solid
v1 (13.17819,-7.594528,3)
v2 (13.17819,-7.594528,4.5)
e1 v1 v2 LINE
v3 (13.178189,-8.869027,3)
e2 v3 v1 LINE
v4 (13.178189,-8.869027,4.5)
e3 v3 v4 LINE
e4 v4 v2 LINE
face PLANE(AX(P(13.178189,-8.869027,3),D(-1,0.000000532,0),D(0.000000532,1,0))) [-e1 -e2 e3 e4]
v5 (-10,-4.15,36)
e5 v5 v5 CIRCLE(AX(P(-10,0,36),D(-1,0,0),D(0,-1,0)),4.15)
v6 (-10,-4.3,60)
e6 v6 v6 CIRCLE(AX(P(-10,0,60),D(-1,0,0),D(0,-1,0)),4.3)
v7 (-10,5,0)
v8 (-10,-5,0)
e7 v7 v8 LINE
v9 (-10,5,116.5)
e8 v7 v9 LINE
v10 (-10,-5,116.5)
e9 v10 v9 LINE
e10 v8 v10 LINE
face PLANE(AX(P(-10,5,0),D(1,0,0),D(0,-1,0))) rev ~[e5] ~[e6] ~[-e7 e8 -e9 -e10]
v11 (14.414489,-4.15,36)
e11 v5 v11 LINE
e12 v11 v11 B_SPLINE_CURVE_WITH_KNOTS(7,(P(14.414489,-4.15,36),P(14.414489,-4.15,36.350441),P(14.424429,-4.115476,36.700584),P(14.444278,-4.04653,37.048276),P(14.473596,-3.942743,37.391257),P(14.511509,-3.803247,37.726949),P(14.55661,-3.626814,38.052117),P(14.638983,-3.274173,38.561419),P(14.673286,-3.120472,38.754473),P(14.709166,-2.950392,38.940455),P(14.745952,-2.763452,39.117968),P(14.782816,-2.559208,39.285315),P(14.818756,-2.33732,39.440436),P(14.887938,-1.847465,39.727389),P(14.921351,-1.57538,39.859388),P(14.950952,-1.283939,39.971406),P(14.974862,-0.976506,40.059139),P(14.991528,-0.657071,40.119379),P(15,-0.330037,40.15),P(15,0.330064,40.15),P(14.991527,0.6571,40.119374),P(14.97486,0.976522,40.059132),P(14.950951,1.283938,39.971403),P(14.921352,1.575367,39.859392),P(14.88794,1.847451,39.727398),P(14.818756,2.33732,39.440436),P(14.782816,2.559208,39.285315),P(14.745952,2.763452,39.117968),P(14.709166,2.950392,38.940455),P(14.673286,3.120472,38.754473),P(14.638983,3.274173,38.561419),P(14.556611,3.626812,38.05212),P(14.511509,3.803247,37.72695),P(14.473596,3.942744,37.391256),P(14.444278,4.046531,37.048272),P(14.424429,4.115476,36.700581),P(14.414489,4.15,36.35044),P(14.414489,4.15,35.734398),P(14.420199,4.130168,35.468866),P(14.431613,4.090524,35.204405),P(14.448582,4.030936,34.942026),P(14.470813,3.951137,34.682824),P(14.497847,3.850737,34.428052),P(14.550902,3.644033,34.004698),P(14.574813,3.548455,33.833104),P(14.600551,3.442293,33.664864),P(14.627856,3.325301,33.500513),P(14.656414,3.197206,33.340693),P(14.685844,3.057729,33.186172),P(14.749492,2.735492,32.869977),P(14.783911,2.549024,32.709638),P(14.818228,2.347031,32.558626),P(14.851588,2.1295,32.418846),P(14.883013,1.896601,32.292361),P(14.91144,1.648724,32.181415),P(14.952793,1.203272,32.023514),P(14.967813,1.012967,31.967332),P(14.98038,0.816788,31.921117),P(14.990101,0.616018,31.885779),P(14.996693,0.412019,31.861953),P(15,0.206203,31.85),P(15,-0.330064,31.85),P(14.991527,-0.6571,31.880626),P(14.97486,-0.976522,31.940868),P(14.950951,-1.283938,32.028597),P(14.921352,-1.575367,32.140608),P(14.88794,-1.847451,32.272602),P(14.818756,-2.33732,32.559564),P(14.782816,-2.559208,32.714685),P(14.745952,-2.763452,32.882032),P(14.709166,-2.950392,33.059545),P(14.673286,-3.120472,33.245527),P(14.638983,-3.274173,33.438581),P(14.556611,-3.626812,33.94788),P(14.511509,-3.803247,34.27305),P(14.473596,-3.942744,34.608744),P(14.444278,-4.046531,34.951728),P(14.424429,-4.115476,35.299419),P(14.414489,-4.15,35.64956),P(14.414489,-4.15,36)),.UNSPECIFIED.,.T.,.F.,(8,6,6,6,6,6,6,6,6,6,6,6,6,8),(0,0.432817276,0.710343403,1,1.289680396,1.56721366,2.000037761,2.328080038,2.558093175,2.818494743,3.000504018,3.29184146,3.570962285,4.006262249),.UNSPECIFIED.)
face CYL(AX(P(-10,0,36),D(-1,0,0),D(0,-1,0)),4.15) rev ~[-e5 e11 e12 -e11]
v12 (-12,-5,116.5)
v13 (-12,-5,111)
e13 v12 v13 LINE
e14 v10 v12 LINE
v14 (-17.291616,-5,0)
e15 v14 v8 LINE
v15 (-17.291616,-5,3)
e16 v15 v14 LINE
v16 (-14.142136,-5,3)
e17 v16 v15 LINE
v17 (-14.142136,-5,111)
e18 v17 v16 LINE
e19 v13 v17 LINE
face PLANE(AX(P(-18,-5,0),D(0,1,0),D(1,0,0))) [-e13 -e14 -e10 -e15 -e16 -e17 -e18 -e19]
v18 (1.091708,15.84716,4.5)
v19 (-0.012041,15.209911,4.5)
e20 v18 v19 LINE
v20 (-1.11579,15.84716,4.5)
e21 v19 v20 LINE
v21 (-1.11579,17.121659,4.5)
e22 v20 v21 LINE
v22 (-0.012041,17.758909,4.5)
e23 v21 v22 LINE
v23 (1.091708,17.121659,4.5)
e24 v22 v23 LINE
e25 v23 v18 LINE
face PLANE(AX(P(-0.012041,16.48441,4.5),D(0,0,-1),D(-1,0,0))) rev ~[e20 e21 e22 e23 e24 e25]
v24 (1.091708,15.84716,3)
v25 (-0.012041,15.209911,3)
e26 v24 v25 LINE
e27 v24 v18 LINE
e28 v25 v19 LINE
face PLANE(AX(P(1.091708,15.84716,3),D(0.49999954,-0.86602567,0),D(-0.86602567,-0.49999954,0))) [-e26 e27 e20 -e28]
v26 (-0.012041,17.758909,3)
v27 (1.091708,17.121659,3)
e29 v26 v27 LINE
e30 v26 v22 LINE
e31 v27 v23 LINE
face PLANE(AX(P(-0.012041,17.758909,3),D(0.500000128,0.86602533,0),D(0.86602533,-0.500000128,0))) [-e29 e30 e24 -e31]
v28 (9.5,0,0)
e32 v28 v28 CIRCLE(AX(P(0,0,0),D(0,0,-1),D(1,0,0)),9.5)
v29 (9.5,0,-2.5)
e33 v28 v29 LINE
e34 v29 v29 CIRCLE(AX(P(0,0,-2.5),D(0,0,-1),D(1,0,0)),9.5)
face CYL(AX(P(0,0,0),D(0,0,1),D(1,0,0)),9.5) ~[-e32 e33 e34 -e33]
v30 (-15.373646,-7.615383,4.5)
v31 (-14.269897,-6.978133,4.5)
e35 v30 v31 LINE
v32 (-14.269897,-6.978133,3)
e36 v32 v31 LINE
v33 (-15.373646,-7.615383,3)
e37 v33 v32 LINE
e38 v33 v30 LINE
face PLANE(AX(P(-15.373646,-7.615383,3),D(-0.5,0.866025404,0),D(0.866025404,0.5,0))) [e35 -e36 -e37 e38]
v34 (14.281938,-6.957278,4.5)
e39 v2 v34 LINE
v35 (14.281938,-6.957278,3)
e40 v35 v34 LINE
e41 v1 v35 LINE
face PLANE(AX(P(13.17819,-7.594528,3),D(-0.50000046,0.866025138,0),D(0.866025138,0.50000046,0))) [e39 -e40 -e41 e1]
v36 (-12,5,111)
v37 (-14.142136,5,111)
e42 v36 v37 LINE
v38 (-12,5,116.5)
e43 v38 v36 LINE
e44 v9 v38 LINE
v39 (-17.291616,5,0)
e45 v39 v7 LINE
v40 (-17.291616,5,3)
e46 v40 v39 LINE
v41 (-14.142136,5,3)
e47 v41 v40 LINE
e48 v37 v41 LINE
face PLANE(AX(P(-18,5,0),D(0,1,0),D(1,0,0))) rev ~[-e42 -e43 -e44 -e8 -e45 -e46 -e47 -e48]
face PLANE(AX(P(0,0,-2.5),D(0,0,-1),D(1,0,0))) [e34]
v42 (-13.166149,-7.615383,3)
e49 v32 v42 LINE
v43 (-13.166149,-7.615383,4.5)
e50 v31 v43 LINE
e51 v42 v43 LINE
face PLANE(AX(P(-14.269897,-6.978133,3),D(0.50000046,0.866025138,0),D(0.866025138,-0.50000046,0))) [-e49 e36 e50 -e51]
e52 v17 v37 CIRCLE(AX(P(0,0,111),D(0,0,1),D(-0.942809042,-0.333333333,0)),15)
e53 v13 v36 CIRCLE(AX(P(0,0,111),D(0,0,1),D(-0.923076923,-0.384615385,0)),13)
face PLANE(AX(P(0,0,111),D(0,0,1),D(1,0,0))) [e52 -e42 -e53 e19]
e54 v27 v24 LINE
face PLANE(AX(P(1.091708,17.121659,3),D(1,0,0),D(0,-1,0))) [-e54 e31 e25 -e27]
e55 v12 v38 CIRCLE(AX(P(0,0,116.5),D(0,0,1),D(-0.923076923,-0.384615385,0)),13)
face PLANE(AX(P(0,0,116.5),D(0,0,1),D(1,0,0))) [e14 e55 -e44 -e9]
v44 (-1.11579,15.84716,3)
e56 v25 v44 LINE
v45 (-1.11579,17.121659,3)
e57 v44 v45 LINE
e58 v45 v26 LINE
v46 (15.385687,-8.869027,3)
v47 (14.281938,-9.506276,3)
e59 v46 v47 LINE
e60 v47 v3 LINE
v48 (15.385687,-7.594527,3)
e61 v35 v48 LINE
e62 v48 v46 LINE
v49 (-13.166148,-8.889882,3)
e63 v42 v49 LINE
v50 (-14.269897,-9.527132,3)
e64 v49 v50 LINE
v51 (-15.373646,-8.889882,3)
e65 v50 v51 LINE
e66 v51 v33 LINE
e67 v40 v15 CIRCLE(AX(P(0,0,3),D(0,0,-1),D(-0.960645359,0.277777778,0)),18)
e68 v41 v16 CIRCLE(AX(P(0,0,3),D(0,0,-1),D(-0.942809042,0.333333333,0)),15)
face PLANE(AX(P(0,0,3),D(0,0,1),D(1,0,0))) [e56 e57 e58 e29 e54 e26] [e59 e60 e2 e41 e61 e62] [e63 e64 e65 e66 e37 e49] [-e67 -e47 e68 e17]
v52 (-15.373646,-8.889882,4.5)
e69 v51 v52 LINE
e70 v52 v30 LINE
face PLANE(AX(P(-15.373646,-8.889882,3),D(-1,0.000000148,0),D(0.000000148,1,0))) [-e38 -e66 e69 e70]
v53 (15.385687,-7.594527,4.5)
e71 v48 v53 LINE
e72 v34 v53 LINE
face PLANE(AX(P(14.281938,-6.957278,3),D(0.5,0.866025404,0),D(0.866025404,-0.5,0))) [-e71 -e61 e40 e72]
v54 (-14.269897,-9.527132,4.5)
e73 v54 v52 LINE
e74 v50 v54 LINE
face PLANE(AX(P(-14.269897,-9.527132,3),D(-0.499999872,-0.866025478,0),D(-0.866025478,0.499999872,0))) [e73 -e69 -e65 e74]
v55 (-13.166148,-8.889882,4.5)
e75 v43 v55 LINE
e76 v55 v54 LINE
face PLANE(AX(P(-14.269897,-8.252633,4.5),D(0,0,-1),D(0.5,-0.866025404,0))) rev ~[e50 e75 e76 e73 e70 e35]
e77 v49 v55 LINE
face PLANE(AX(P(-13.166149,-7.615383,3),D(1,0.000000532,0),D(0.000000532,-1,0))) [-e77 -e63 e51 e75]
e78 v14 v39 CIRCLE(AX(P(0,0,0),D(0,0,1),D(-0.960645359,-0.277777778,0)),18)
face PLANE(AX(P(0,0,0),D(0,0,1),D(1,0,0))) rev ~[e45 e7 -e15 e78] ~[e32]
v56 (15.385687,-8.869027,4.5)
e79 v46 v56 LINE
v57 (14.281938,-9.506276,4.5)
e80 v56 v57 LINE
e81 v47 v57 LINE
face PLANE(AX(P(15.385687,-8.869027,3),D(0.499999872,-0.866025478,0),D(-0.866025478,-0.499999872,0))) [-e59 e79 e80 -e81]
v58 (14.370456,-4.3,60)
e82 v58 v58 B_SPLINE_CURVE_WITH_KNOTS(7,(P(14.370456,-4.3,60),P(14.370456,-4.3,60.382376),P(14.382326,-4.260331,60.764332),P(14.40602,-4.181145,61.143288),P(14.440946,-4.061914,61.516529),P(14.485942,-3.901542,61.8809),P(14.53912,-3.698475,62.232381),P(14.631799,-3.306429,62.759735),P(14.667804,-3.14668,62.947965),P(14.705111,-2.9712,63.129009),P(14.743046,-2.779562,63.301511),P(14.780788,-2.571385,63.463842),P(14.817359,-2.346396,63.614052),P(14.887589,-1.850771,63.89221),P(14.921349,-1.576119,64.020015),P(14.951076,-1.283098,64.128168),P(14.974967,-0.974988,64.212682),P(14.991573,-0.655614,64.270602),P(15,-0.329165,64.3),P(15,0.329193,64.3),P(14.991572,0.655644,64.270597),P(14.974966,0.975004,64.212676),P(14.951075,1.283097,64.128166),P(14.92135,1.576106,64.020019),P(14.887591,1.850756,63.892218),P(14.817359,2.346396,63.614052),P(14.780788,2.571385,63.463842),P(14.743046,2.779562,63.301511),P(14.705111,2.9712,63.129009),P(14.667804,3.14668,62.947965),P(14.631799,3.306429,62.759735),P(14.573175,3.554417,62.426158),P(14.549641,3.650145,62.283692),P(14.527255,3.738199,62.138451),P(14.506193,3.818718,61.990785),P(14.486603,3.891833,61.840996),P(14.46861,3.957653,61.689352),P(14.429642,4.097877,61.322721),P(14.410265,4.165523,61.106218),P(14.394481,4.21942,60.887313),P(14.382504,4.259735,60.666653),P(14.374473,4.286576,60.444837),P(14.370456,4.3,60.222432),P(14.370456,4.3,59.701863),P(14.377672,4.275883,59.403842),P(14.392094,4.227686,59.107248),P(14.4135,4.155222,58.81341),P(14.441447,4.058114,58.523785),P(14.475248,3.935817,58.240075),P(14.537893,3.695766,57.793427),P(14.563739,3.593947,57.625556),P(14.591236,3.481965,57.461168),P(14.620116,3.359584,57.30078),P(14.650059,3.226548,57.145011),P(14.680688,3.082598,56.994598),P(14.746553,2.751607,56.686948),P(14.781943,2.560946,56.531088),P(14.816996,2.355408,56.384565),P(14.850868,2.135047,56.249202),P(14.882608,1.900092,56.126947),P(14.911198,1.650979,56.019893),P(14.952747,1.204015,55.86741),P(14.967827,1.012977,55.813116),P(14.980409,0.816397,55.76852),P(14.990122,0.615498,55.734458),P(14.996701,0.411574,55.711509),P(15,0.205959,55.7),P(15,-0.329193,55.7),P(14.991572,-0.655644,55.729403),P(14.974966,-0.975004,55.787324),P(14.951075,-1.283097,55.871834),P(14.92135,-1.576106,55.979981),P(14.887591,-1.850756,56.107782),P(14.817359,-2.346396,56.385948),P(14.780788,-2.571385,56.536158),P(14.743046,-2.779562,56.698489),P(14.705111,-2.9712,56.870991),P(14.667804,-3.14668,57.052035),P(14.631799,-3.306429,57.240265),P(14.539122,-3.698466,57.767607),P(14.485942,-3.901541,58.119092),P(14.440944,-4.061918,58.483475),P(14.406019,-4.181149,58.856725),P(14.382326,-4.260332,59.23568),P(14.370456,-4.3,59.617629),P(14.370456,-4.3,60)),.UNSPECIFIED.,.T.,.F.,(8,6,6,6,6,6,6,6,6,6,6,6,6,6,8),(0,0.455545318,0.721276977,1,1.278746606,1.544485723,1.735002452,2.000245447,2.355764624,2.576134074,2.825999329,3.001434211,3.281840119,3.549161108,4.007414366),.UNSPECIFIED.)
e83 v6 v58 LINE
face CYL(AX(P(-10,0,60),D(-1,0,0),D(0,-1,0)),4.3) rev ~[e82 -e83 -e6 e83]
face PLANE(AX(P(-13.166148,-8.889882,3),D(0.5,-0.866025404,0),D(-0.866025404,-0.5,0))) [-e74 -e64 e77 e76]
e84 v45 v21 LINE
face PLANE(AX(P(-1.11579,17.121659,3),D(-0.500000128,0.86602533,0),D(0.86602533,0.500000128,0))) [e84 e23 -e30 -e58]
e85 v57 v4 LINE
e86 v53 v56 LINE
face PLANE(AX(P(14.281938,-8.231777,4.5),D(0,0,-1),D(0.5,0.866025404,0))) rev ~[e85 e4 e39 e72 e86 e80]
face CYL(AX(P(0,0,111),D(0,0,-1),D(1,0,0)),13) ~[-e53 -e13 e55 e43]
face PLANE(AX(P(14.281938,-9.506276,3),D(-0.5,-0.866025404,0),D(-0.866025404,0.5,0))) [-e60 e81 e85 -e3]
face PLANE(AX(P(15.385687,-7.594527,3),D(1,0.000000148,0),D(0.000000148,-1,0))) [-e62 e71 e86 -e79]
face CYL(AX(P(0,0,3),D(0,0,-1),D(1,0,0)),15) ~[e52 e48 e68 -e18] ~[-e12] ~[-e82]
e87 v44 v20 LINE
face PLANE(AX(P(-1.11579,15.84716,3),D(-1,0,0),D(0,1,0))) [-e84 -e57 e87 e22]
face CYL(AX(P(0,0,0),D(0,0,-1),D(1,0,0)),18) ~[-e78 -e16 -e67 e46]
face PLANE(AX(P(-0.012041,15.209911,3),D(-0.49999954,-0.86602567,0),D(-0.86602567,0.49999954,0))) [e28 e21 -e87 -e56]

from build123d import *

# Parameters (mm, degrees)
SKETCH_R           = 18
PAD_DEPTH          = 3
SKETCH001_R        = 15
PAD001_DEPTH       = 108
SKETCH002_R        = 9.5
PAD002_DEPTH       = 2.5
SKETCH003_R        = 13
PAD003_DEPTH       = 5.5
PAD004_DEPTH       = 1.5
POLARPATTERN_COUNT = 3
SKETCH009_W        = 8
SKETCH009_H        = 10
POCKET_DEPTH       = 118
SKETCH010_R        = 4.15
POCKET001_DEPTH    = 25
SKETCH011_R        = 4.3
POCKET002_DEPTH    = 25


with BuildPart() as part:
    # Sketch → Pad (new body)
    with BuildSketch(Plane.XY):
        Circle(SKETCH_R)
    extrude(amount=PAD_DEPTH)

    # Sketch001 (on Face3 of Pad) → Pad001 (join)
    with BuildSketch(Plane.XY.offset(3)):
        Circle(SKETCH001_R)
    extrude(amount=PAD001_DEPTH)

    # Sketch002 (on Face2 of Pad001) → Pad002 (join)
    with BuildSketch(Plane(origin=(0, 0, 0), x_dir=(1, 0, 0), z_dir=(0, 0, -1))):
        Circle(SKETCH002_R)
    extrude(amount=PAD002_DEPTH)

    # Sketch003 (on Face7 of Pad002) → Pad003 (join)
    with BuildSketch(Plane.XY.offset(111)):
        Circle(SKETCH003_R)
    extrude(amount=PAD003_DEPTH)

    # Sketch008 (on Face3 of Pad003) → Pad004 (join)
    with BuildSketch(Plane.XY.offset(3)):
        Polygon((-1.11579, 17.121659), (-0.012041, 17.758909), (1.091708, 17.121659), (1.091708, 15.84716), (-0.012041, 15.209911), (-1.11579, 15.84716), align=None)
    pad004 = extrude(amount=PAD004_DEPTH)

    # PolarPattern: Pad004 ×3 about axis
    polarpattern_axis = Axis((0, 0, 3), (0, 0, 1))
    for i in range(1, POLARPATTERN_COUNT):
        add(pad004.rotate(polarpattern_axis, i * 360 / POLARPATTERN_COUNT))

    # Sketch009 (on Face2 of PolarPattern) → Pocket (cut)
    with BuildSketch(Plane(origin=(0, 0, 0), x_dir=(1, 0, 0), z_dir=(0, 0, -1))):
        with Locations((-14, 0)):
            Rectangle(SKETCH009_W, SKETCH009_H)
    extrude(amount=-POCKET_DEPTH, mode=Mode.SUBTRACT)

    # Sketch010 (on Face7 of Pocket) → Pocket001 (cut)
    with BuildSketch(Plane(origin=(-10, 0, 0), x_dir=(0, -1, 0), z_dir=(-1, 0, 0))):
        with Locations((0, 36)):
            Circle(SKETCH010_R)
    extrude(amount=-POCKET001_DEPTH, mode=Mode.SUBTRACT)

    # Sketch011 → Pocket002 (cut)
    with BuildSketch(Plane(origin=(-10, 0, 0), x_dir=(0, -1, 0), z_dir=(-1, 0, 0))):
        with Locations((0, 60)):
            Circle(SKETCH011_R)
    extrude(amount=-POCKET002_DEPTH, mode=Mode.SUBTRACT)


solid = part.part
